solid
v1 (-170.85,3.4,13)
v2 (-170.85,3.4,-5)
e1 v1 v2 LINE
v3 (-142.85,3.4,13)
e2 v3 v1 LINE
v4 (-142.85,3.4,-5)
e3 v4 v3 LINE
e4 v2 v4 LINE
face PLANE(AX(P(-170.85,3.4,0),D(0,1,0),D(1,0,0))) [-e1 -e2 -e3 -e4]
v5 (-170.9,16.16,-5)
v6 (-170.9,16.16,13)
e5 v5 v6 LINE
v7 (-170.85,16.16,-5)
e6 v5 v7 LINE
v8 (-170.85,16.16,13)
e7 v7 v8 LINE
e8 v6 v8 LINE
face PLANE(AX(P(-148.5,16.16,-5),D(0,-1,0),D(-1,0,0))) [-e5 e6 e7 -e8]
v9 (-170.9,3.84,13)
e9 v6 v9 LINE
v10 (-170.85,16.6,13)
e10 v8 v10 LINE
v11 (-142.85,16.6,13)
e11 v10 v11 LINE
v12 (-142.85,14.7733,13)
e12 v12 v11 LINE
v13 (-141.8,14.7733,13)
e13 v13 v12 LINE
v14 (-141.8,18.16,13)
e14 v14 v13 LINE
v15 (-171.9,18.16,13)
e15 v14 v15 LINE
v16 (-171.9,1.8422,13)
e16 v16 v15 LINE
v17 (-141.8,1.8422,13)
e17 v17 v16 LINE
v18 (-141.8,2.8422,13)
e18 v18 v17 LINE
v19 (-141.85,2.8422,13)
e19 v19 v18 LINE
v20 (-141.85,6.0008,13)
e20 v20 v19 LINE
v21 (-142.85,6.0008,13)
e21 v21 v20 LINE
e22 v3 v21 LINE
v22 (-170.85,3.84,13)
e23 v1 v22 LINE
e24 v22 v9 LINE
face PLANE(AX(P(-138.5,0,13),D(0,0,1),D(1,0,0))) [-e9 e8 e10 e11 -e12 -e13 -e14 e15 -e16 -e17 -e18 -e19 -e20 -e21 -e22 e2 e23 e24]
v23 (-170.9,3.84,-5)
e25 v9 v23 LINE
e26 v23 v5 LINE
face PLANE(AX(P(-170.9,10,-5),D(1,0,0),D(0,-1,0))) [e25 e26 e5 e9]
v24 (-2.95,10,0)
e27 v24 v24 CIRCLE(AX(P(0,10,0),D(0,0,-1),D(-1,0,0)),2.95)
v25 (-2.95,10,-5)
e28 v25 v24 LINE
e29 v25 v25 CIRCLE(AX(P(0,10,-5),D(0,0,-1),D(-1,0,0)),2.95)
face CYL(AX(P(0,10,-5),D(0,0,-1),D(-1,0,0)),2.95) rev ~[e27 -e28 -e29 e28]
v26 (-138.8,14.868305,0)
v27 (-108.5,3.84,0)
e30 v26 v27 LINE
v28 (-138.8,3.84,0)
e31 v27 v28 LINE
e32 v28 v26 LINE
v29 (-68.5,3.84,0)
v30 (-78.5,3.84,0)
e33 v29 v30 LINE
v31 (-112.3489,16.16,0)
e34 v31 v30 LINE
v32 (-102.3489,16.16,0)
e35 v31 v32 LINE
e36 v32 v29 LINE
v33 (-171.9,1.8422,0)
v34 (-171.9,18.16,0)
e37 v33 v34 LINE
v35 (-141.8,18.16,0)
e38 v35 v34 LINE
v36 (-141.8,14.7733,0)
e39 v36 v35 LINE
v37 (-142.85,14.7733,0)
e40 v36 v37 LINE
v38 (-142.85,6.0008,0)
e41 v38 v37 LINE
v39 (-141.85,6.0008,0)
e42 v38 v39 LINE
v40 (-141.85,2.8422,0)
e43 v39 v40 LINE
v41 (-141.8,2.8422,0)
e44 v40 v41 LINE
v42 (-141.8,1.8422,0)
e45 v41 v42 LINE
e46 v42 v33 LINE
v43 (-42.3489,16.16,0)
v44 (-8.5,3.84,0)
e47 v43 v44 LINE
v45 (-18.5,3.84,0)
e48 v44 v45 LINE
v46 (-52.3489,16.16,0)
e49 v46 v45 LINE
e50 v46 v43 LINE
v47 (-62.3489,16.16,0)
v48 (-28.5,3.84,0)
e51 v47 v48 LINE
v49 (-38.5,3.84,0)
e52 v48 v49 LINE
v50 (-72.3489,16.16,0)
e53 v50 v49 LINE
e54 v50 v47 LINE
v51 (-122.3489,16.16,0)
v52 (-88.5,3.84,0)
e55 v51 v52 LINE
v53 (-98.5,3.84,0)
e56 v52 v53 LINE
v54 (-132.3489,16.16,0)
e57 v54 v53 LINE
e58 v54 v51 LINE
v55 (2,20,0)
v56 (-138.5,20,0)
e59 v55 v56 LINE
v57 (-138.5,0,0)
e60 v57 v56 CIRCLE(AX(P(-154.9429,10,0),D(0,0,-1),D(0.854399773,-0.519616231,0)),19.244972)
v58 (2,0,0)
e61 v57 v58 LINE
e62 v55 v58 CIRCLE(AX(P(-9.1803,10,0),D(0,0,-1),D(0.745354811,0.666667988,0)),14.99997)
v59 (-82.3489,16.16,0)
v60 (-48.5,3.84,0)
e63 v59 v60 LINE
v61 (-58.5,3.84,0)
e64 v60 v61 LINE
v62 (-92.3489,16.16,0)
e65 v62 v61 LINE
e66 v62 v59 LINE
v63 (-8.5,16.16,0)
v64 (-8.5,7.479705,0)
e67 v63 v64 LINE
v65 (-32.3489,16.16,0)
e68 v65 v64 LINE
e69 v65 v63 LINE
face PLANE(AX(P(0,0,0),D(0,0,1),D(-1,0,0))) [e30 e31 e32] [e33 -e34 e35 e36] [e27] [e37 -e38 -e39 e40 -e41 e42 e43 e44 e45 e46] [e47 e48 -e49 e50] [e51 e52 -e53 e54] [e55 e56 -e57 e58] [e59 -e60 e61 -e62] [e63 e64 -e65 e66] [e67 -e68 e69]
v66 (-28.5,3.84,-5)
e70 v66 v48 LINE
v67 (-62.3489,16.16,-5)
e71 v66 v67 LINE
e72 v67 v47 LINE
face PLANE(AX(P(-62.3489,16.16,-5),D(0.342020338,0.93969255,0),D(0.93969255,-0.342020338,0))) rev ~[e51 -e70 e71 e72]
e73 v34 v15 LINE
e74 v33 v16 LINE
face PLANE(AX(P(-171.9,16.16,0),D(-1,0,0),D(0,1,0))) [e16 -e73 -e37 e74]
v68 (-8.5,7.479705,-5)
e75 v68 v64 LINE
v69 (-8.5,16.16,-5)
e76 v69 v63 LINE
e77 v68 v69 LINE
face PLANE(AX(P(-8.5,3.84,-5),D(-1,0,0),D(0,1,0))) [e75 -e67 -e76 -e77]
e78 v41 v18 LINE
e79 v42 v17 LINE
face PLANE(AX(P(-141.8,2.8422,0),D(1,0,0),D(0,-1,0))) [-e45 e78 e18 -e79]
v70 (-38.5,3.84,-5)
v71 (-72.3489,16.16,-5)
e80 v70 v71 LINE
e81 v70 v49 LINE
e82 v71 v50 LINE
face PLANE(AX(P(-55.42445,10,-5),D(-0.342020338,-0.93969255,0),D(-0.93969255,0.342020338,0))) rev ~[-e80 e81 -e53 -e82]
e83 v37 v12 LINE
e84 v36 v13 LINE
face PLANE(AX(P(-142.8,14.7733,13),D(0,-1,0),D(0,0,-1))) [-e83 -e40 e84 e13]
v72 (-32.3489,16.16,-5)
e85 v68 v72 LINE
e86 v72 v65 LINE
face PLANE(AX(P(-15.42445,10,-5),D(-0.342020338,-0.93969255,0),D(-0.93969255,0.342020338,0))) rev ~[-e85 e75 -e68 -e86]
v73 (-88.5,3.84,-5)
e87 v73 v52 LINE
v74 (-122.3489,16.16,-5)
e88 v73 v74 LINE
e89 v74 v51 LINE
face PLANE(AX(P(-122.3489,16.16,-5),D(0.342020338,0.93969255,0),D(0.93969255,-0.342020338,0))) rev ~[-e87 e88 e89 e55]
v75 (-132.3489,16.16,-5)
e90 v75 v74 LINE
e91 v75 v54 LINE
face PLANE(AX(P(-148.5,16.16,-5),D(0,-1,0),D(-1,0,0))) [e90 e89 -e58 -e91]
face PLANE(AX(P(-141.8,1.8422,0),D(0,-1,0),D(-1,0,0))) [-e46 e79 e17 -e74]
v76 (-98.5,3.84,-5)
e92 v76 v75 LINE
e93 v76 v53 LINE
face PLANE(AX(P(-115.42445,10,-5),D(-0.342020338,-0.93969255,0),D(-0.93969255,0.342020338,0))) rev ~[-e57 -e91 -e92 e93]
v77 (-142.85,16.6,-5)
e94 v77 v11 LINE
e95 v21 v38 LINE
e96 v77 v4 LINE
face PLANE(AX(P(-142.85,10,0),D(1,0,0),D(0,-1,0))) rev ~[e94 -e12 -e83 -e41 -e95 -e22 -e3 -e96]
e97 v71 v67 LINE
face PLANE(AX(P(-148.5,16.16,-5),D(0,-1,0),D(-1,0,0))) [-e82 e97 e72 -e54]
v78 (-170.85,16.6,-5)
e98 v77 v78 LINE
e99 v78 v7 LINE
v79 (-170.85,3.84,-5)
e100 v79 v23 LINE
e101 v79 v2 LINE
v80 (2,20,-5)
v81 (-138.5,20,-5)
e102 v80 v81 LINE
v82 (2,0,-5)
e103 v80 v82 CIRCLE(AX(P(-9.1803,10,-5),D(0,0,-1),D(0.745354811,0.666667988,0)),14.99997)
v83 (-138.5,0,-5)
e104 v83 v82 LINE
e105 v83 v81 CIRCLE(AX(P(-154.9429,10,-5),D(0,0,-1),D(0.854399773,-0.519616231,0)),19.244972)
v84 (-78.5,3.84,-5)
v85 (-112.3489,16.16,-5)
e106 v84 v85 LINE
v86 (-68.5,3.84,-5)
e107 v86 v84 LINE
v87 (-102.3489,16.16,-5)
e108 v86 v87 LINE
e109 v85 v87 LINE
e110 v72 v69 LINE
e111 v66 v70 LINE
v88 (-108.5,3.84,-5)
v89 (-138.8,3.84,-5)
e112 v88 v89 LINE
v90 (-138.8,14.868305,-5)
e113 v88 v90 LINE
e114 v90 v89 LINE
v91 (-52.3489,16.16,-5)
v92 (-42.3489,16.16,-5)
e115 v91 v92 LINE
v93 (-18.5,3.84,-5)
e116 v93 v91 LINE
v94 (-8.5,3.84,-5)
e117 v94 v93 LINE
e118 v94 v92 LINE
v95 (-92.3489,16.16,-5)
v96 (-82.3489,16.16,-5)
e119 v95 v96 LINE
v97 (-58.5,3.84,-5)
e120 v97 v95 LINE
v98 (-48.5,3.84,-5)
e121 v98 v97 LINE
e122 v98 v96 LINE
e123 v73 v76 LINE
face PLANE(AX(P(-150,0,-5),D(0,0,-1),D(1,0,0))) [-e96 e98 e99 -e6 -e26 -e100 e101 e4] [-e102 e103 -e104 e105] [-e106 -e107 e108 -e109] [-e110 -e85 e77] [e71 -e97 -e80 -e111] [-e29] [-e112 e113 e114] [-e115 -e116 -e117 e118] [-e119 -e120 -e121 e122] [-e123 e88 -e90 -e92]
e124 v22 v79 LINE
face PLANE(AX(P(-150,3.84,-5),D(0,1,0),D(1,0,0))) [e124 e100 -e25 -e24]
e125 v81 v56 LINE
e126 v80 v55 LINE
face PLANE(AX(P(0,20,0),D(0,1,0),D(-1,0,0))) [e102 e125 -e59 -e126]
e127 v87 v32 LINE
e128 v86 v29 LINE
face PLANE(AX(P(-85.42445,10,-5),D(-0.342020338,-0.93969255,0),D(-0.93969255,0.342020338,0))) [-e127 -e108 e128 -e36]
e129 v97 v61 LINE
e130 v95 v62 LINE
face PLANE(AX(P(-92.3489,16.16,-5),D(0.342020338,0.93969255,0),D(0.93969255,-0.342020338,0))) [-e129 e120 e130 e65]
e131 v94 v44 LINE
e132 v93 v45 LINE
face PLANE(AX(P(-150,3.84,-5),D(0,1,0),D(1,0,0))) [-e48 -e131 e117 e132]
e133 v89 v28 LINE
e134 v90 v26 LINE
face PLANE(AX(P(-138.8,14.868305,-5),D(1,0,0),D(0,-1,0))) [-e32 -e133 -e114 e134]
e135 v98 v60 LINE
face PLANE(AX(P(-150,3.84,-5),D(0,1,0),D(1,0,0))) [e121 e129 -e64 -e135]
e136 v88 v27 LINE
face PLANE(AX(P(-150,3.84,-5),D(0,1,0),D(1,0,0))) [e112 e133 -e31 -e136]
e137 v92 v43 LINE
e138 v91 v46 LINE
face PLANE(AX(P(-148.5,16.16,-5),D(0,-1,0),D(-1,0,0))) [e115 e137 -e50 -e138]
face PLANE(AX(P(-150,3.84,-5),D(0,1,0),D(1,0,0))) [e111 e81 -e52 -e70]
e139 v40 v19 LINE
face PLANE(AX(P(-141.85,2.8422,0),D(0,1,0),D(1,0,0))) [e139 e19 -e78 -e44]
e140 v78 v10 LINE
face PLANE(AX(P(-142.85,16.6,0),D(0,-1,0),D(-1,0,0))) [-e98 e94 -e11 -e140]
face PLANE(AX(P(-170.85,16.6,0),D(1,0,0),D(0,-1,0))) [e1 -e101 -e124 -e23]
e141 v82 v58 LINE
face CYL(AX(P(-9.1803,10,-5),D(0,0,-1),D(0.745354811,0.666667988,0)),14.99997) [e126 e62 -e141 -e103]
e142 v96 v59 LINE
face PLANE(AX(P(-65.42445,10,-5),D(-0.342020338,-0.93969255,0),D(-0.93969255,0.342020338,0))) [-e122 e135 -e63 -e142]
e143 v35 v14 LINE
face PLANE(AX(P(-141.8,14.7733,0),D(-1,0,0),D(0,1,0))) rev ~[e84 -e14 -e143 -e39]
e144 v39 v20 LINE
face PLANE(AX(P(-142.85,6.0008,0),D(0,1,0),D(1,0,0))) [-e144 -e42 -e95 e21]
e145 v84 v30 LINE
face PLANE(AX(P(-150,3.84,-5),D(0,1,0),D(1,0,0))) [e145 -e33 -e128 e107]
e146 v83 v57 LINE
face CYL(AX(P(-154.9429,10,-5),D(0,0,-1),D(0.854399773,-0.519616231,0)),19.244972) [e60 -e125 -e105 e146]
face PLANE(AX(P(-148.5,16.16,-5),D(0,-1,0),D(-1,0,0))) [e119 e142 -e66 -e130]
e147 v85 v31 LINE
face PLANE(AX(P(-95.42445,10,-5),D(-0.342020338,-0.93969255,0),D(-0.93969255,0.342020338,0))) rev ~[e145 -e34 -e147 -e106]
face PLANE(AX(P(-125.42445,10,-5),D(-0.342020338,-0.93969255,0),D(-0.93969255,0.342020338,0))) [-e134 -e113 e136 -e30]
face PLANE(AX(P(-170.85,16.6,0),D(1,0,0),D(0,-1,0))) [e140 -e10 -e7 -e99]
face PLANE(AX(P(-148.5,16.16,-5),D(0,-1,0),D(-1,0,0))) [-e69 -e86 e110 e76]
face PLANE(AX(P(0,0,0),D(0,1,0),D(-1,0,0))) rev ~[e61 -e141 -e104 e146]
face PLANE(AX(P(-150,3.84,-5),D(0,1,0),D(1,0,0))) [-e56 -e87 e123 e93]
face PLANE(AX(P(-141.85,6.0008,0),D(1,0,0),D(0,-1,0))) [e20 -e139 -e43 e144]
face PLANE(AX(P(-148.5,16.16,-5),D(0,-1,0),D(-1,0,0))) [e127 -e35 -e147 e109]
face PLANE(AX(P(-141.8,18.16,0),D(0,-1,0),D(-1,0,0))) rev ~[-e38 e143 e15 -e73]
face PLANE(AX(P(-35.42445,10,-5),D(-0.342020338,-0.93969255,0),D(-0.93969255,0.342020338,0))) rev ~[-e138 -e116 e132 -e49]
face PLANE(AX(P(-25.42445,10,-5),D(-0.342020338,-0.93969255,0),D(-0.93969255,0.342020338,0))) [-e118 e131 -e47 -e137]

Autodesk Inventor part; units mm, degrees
ref_plane "YZ Plane" through (0, 0, 0) normal (1, 0, 0) x (0, 1, 0)
ref_plane "XZ Plane" through (0, 0, 0) normal (0, 1, 0) x (-1, 0, 0)
ref_plane "XY Plane" through (0, 0, 0) normal (0, 0, 1) x (1, 0, 0)
sketch "Szkic1" plane through (0, 0, 0) normal (0, 1, 0) x (-1, 0, 0)
  line L0 (0, 0) -> (150, 0)
  line L1 (150, 0) -> (150, -5)
  line L2 (150, -5) -> (0, -5)
  line L3 (0, -5) -> (0, 0)
  dimension "d0" = 150
  dimension "d1" = 5
extrude "Wyciągnięcie proste1" add sketch "Szkic1" along normal blind 20
sketch "Szkic2" plane through (0, 0, -5) normal (0, 0, -1) x (-1, 0, 0)
  line L0 (0, 0) -> (0, 20) projected
  circle A0 centre (0, 10) radius 2.95
  line L1 (0, 20) -> (-2, 20)
  line L2 (0, 0) -> (-2, 0)
  arc A1 (-2, 20) -> (-2, 0) centre (9.1803, 10) ccw
  line L3 (0, 10) -> (150, 10)
  line L4 (150, 10) -> (138.5, 10)
  line L5 (138.5, 10) -> (170.9, 10)
  line L6 (150, 0) -> (150, 20) projected
  line L7 (138.5, 10) -> (170.9, 10) construction
  line L8 (138.5, 10) -> (170.9, 10)
  line L9 (170.9, 10) -> (170.9, 16.16)
  line L10 (170.9, 16.16) -> (138.5, 16.16)
  line L11 (138.5, 16.16) -> (138.5, 10)
  line L12 (138.5, 10) -> (170.9, 10)
  line L13 (170.9, 10) -> (170.9, 3.84)
  line L14 (170.9, 3.84) -> (138.5, 3.84)
  line L15 (138.5, 3.84) -> (138.5, 10)
  line L16 (0, 0) -> (150, 0) projected
  line L17 (0, 20) -> (150, 20) projected
  arc A2 (138.5, 0) -> (138.5, 20) centre (154.9429, 10) ccw
  point P0 (150, 3.84)
  point P1 (150, 16.16)
  point P2 (0, 7.05)
  point P3 (0, 12.95)
  dimension "d4" = 5.9
  dimension "d5" = 2
  dimension "d6" = 2
  dimension "d7" = 15
  dimension "d8" = 150
  dimension "d9" = 11.5
  dimension "d10" = 32.4
  dimension "d11" = 0
  dimension "d12" = 6.16
  dimension "d13" = 6.16
extrude "Wyciągnięcie proste2" add sketch "Szkic2" against normal blind 5 contours L2 A1 L1 L0 A0 | L16 L6 L14 L13 L9 L10 L17 A2
sketch "Szkic3" plane through (2, 20, -5) normal (0, 0, -1) x (-1, 0, 0)
  arc A0 (2, -7.05) -> (2, -12.95) centre (2, -10) ccw projected
  circle A1 centre (2, -10) radius 2.95
  line L0 (152, -16.16) -> (152, -3.84) projected
  line L1 (152, -16.16) -> (150.5, -16.16)
  line L2 (150.5, -16.16) -> (150.5, -3.84)
  line L3 (150.5, -3.84) -> (152, -3.84)
  line L4 (140.5, -16.16) -> (10.5, -16.16)
  line L5 (10.5, -16.16) -> (10.5, -3.84)
  line L6 (10.5, -3.84) -> (140.5, -3.84)
  line L7 (140.5, -3.84) -> (140.5, -16.16)
  line L8 (150.5, -16.16) -> (150.3, -16.16)
  line L9 (150.3, -16.16) -> (150.3, -3.84)
  line L10 (150.3, -3.84) -> (150.5, -3.84)
  line L11 (152, -16.16) -> (140.5, -16.16)
  line L12 (140.5, -16.16) -> (140.5, -3.84)
  line L13 (140.5, -3.84) -> (152, -3.84)
  line L14 (152, -3.84) -> (152, -16.16)
  point P0 (2, -20)
  dimension "d16" = 1.5
  dimension "d17" = 130
  dimension "d18" = 12.32
  dimension "d21" = 0.2
  dimension "d24" = 11.5
extrude "Wyciągnięcie proste3" cut sketch "Szkic3" against normal through all
sketch "Szkic5" plane through (2, 20, -5) normal (0, 0, -1) x (-1, 0, 0)
  circle A0 centre (2, -10) radius 2.95 projected
  line L0 (2, -10) -> (152, -10)
  line L1 (2, -10) -> (152, -10) construction
  circle A1 centre (152, -10) radius 5.0551
  line L2 (152, -10) -> (145.8, -10)
  line L3 (145.8, -10) -> (145.8, -3.84)
  line L4 (10.5, -3.84) -> (172.9, -3.84) projected
  line L5 (145.8, -3.84) -> (140.8, -3.84)
  line L6 (140.8, -3.84) -> (140.8, -16.16)
  line L7 (172.9, -16.16) -> (10.5, -16.16) projected
  line L8 (145.8, -10) -> (145.8, -16.16)
  line L9 (145.8, -16.16) -> (140.8, -16.16)
  line L10 (10.5, -16.16) -> (10.5, -3.84) projected
  line L11 (10.5, -16.16) -> (44.3489, -3.84)
  line L12 (10.5, -16.16) -> (46.5213, -16.16) construction
  line L13 (44.3489, -3.84) -> (54.3489, -3.84)
  line L14 (10.5, -16.16) -> (20.5, -16.16)
  line L15 (20.5, -16.16) -> (54.3489, -3.84)
  line L16 (20.5, -16.16) -> (30.5, -16.16)
  line L17 (54.3489, -3.84) -> (64.3489, -3.84)
  line L18 (64.3489, -3.84) -> (30.5, -16.16)
  line L19 (44.3489, -3.84) -> (34.3489, -3.84)
  line L20 (10.5, -16.16) -> (0.5, -16.16)
  line L21 (0.5, -16.16) -> (34.3489, -3.84)
  line L22 (40.5, -16.16) -> (74.3489, -3.84)
  line L23 (50.5, -16.16) -> (84.3489, -3.84)
  line L24 (94.3489, -3.84) -> (60.5, -16.16)
  line L25 (30.5, -16.16) -> (64.3489, -3.84)
  line L26 (70.5, -16.16) -> (104.3489, -3.84)
  line L27 (80.5, -16.16) -> (114.3489, -3.84)
  line L28 (124.3489, -3.84) -> (90.5, -16.16)
  line L29 (60.5, -16.16) -> (94.3489, -3.84)
  line L30 (100.5, -16.16) -> (134.3489, -3.84)
  line L31 (110.5, -16.16) -> (144.3489, -3.84)
  line L32 (90.5, -16.16) -> (124.3489, -3.84)
  point P0 (2, -20)
  point P1 (10.5, -12.5203)
  point P2 (60.5, -16.16)
  point P3 (140.8, -5.1317)
  dimension "d25" = 150
  dimension "d26" = 0
  dimension "d27" = 6.2
  dimension "d28" = 5
  dimension "d29" = 20
  dimension "d30" = 10
  dimension "d31" = 10
  dimension "d32" = 10
  dimension "d33" = 10
  dimension "d34" = 10
  dimension "d35" = 10
  dimension "d36" = 10
  dimension "d37" = 10
  dimension "d38" = 10
  dimension "d39" = 10
  dimension "d40" = 10
  dimension "d41" = 10
  dimension "d42" = 10
  dimension "d43" = 10
  dimension "d44" = 10
  dimension "d45" = 10
  dimension "d46" = 10
  dimension "d47" = 10
  dimension "d48" = 10
  dimension "d49" = 10
  dimension "d52" = 10
  dimension "d53" = 10
extrude "Wyciągnięcie proste4" add sketch "Szkic5" against normal blind 5 contours L21 L4 L11 L0 | L0 L11 L10 L21 | L15 L4 L18 L0 | L0 L18 L7 L15 | L22 L4 L23 L0 | L0 L23 L7 L22 | L24 L4 L26 L0 | L0 L26 L7 L24 | L27 L4 L28 L0 | L0 L28 L7 L27 | L30 L4 L6 L31 L0 | L0 L31 L7 L30 | L6 L31 L4 L3 L0 | L0 L8 L7 L6 | L6 L4 L31
sketch "Szkic6" plane through (-138.5, 0, 0) normal (0, 0, 1) x (1, 0, 0)
  line L0 (-32.4, 16.16) -> (-32.4, 3.84) projected
  line L1 (-5.3, 3.84) -> (-32.4, 3.84) projected
  line L2 (-32.4, 16.16) -> (-5.3, 16.16)
  line L3 (-5.3, 16.16) -> (-5.3, 3.84)
  line L4 (-5.3, 3.84) -> (-32.4, 3.84)
  line L5 (-32.4, 3.84) -> (-32.4, 16.16)
  line L6 (-32.4, 16.16) -> (-33.4, 16.16)
  line L7 (-33.4, 16.16) -> (-33.4, 17.16)
  line L8 (-5.3, 3.84) -> (-5.3, 2.84)
  line L9 (-5.3, 2.84) -> (-4.3, 2.84)
  line L10 (-33.4, 17.16) -> (-4.3, 17.16)
  line L11 (-4.3, 17.16) -> (-4.3, 2.84)
  line L12 (-4.3, 2.84) -> (-33.4, 2.84)
  line L13 (-33.4, 2.84) -> (-33.4, 17.16)
  point P0 (138.5, 0)
  point P1 (-33.4, 16.16)
  dimension "d56" = 1
  dimension "d57" = 1
  dimension "d58" = 1
  dimension "d59" = 1
extrude "Wyciągnięcie proste5" add sketch "Szkic6" along normal blind 13 contours L6 L7 L10 L11 L9 L8 L3 L2 | L0 L1 L8 L12 L13 L6
sketch "Szkic7" plane through (-142.8, 2.84, 0) normal (1, 0, 0) x (0, 0, -1)
  line L0 (-13, 0) -> (-13, 14.32) projected
  line L1 (0, 17.16) -> (0, -2.84) projected
  line L2 (-13, 11.9333) -> (0, 11.9333)
  line L3 (0, 11.9333) -> (0, 3.1608)
  line L4 (0, 3.1608) -> (-13, 3.1608)
  line L5 (-13, 3.1608) -> (-13, 11.9333)
extrude "Wyciągnięcie proste6" cut sketch "Szkic7" against normal blind 8.75
sketch "Szkic8" plane through (-138.5, 0, 0) normal (0, 0, 1) x (1, 0, 0)
  circle A0 centre (138.5, 10) radius 2.95 projected
  line L0 (138.5, 10) -> (-11.5, 10)
  circle A1 centre (-11.5, 10) radius 2.85
  line L1 (-14.35, 10) -> (-4.35, 10)
  line L2 (-4.35, 10) -> (-4.35, 16.6)
  line L3 (-4.35, 10) -> (2.25, 10) construction
  line L4 (-4.35, 10) -> (-4.35, 3.4)
  line L5 (-4.35, 16.6) -> (-32.35, 16.6)
  line L6 (-4.35, 16.6) -> (23.65, 16.6) construction
  line L7 (-32.35, 16.6) -> (-32.35, 3.4)
  line L8 (-32.35, 3.4) -> (-4.35, 3.4)
  point P0 (138.5, 0)
  dimension "d66" = 5.7
  dimension "d64" = 150
  dimension "d67" = 10
  dimension "d68" = 6.6
  dimension "d69" = 90
  dimension "d70" = 6.6
  dimension "d71" = 28
  dimension "d72" = 180
  dimension "d73" = 13.2
extrude "Wyciągnięcie proste7" cut sketch "Szkic8" along normal blind 22.75 and the other way blind 20.75 contours L4 L8 L7 L5 L2
sketch "Szkic10" plane through (-138.5, 0, 0) normal (0, 0, 1) x (1, 0, 0)
  line L0 (-4.3, 17.16) -> (-4.3, 14.7733) projected
  line L1 (-4.3, 14.7733) -> (-3.3, 14.7733)
  line L2 (-3.3, 14.7733) -> (-3.3, 17.16)
  line L3 (-3.3, 17.16) -> (-4.3, 17.16)
  line L4 (-4.3, 17.16) -> (-4.3, 14.7733)
  line L5 (-4.35, 14.7733) -> (-4.35, 6.0008) projected
  line L6 (-4.35, 6.0008) -> (-3.35, 6.0008)
  line L7 (-3.35, 6.0008) -> (-3.35, 2.8422)
  line L8 (-3.35, 2.8422) -> (-4.35, 2.8422)
  line L9 (-4.35, 2.8422) -> (-4.35, 6.0008)
  line L10 (-33.4, 17.16) -> (-4.3, 17.16) projected
  line L11 (-33.4, 17.16) -> (-3.3, 17.16)
  line L12 (-3.3, 17.16) -> (-3.3, 18.16)
  line L13 (-3.3, 18.16) -> (-33.4, 18.16)
  line L14 (-33.4, 18.16) -> (-33.4, 17.16)
  line L15 (-33.4, 2.8422) -> (-3.3, 2.8422)
  line L16 (-3.3, 2.8422) -> (-3.3, 1.8422)
  line L17 (-3.3, 1.8422) -> (-33.4, 1.8422)
  line L18 (-33.4, 1.8422) -> (-33.4, 2.8422)
  point P0 (138.5, 0)
  point P1 (-3.3, 17.16)
  point P2 (-3.35, 2.8422)
  dimension "d78" = 1
  dimension "d79" = 1
  dimension "d80" = 1
  dimension "d81" = 1
extrude "Wyciągnięcie proste8" add sketch "Szkic10" along normal blind 13
sketch "Szkic11" plane through (2, 20, -5) normal (0, 0, -1) x (-1, 0, 0)
  circle A0 centre (2, -10) radius 2.95 projected
  line L0 (2, -10) -> (152, -10)
  line L1 (2, -10) -> (152, -10) construction
  circle A1 centre (152, -10) radius 2.4946
  point P0 (2, -20)
  dimension "d84" = 150
  dimension "d85" = 0
properties part number "arm_v3-1_backup"
